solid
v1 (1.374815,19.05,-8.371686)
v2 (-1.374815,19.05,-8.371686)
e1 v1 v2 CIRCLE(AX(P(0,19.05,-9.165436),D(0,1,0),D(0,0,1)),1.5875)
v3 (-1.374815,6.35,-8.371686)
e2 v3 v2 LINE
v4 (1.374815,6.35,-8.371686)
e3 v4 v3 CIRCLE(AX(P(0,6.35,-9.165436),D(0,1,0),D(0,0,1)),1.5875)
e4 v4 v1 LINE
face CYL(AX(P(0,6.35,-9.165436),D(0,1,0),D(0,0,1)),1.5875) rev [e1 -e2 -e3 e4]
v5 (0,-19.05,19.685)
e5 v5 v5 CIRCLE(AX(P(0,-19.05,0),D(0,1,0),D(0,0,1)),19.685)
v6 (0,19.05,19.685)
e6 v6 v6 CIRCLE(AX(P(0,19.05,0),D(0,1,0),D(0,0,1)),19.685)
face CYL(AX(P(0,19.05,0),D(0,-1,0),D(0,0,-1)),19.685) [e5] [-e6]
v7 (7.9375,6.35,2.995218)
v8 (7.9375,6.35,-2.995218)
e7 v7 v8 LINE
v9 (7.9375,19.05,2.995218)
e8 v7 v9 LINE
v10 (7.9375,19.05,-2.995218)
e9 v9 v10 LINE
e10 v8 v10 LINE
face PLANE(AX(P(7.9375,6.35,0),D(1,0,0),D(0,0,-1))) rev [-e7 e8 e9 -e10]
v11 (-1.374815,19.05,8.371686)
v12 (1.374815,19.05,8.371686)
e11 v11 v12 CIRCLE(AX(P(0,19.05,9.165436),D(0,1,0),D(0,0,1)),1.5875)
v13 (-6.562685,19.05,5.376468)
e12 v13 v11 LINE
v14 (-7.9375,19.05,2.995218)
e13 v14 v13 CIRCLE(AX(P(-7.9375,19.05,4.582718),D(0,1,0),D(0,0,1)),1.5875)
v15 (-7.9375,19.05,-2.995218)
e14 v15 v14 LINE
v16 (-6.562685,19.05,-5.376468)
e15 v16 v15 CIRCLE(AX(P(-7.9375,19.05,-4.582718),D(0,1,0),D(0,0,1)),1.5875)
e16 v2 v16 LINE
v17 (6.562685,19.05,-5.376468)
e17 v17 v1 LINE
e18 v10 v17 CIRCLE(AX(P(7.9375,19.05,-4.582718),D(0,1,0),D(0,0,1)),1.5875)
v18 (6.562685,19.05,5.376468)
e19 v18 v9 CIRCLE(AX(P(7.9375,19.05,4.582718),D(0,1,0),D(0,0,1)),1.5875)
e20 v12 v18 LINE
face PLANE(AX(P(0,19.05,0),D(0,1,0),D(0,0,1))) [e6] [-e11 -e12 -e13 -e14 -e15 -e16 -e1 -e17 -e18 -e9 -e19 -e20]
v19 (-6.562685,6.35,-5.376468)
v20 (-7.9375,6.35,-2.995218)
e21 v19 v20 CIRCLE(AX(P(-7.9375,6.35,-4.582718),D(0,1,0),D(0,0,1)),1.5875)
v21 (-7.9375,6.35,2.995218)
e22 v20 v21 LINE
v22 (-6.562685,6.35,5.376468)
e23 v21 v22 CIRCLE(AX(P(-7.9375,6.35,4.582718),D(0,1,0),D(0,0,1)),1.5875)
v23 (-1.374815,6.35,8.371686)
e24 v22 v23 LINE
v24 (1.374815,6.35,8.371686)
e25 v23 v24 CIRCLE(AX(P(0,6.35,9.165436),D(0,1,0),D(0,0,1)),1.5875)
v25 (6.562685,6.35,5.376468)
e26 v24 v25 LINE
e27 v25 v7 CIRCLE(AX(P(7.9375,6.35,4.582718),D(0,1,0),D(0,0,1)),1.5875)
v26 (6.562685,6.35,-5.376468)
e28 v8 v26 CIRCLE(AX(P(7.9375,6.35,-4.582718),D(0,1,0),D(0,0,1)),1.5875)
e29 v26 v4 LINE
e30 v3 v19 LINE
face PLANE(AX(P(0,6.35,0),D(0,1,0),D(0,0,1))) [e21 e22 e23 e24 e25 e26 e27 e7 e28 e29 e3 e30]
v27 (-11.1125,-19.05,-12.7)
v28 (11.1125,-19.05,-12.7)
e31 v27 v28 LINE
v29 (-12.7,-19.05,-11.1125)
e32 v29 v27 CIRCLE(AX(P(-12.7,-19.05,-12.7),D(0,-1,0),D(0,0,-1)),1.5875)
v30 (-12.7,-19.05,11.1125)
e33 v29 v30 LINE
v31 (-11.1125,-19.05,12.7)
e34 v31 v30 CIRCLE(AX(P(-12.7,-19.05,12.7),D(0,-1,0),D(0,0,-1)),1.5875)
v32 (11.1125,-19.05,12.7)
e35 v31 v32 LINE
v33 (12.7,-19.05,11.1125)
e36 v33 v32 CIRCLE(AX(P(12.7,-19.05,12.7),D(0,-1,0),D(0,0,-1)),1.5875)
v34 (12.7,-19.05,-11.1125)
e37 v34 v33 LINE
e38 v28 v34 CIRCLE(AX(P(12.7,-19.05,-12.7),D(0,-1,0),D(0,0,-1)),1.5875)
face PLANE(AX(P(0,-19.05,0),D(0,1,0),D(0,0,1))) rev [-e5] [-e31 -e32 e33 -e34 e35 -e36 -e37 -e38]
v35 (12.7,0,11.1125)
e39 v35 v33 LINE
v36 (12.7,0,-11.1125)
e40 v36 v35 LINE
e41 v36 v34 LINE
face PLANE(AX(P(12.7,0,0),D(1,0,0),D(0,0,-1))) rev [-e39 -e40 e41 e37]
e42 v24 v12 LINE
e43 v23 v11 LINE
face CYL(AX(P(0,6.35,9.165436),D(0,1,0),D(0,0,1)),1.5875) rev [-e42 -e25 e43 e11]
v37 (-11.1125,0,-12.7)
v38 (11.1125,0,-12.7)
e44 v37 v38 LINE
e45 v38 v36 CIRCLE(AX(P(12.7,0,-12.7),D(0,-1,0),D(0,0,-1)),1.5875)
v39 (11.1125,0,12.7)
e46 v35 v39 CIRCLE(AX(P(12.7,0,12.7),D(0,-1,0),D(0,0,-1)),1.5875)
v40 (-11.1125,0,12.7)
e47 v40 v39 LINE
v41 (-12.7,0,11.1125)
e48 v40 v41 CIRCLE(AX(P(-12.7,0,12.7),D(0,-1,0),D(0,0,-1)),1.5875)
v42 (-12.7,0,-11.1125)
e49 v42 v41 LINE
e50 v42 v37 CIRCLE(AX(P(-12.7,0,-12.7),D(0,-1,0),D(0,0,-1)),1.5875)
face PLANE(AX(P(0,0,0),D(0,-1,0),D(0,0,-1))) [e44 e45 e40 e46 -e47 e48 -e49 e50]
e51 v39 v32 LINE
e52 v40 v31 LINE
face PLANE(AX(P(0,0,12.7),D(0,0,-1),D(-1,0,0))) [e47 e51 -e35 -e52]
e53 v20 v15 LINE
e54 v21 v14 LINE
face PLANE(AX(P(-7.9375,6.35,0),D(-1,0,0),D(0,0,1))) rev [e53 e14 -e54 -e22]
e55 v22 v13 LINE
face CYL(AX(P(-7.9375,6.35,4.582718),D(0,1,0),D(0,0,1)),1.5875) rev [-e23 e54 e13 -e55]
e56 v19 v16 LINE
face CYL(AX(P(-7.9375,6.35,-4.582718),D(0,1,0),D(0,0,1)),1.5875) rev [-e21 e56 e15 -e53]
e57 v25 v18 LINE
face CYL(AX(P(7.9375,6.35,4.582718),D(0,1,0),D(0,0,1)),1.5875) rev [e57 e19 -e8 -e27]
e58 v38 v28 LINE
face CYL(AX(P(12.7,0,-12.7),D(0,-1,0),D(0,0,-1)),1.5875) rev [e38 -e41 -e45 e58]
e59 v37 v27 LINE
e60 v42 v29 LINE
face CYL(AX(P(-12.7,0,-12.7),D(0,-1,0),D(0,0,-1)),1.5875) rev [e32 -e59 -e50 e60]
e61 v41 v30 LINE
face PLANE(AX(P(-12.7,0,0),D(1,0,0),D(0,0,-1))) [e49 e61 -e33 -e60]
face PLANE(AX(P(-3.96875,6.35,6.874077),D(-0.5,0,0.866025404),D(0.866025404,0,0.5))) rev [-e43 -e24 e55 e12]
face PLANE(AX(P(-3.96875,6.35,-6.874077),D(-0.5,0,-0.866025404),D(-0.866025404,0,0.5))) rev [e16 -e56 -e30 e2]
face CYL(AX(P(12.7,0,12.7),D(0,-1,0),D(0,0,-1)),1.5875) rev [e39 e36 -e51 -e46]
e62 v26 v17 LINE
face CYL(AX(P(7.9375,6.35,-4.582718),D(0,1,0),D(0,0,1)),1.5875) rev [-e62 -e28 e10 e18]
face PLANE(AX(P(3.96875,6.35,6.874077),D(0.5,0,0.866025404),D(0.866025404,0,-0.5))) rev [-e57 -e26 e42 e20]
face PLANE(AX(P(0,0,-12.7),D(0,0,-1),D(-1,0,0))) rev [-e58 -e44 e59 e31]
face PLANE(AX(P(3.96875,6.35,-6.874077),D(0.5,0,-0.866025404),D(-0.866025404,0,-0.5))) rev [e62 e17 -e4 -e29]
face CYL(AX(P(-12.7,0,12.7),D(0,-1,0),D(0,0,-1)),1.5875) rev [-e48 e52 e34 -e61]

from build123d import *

# Parameters (mm, degrees)
SKETCH3_R           = 19.685
BOSS_EXTRUDE1_DEPTH = 19.05
SKETCH4_R           = 1.5875
SKETCH4_W           = 25.4
SKETCH4_H           = 25.4
CUT_EXTRUDE1_DEPTH  = 19.05
SKETCH5_R           = 1.5875
CUT_EXTRUDE2_DEPTH  = 12.7


with BuildPart() as part:
    # Sketch3 → Boss-Extrude1 (new body, symmetric)
    with BuildSketch(Plane(origin=(0, 0, 0), x_dir=(1, 0, 0), z_dir=(0, 1, 0))):
        Circle(SKETCH3_R)
    extrude(amount=BOSS_EXTRUDE1_DEPTH, both=True)

    # Sketch4 → Cut-Extrude1 (cut)
    with BuildSketch(Plane.XZ.offset(19.05)):
        with Locations((12.7, -12.7)):
            Circle(SKETCH4_R)
        with Locations((-12.7, -12.7)):
            Circle(SKETCH4_R)
        with Locations((-12.7, 12.7)):
            Circle(SKETCH4_R)
        with Locations((12.7, 12.7)):
            Circle(SKETCH4_R)
        Rectangle(SKETCH4_W, SKETCH4_H)
    extrude(amount=-CUT_EXTRUDE1_DEPTH, mode=Mode.SUBTRACT)

    # Sketch5 → Cut-Extrude2 (cut)
    with BuildSketch(Plane(origin=(0, 19.05, 0), x_dir=(1, 0, 0), z_dir=(0, 1, 0))):
        with Locations((7.9375, 4.582717762)):
            Circle(SKETCH5_R)
        with Locations((0, 9.165435523)):
            Circle(SKETCH5_R)
        with Locations((-7.9375, 4.582717762)):
            Circle(SKETCH5_R)
        with Locations((-7.9375, -4.582717762)):
            Circle(SKETCH5_R)
        with Locations((0, -9.165435523)):
            Circle(SKETCH5_R)
        with Locations((7.9375, -4.582717762)):
            Circle(SKETCH5_R)
        Polygon((7.9375, 4.582717762), (0, 9.165435523), (-7.9375, 4.582717762), (-7.9375, -4.582717762), (0, -9.165435523), (7.9375, -4.582717762), align=None)
        with BuildLine():
            ThreePointArc((-6.35, -4.582717762), (-6.814967985, -3.460185747), (-7.9375, -2.995217762))
            Line((-7.9375, -2.995217762), (-7.9375, -4.582717762))
            Line((-7.9375, -4.582717762), (-6.562684671, -5.376467762))
            ThreePointArc((-6.562684671, -5.376467762), (-6.404092751, -4.993592996), (-6.35, -4.582717762))
        make_face()
        with BuildLine():
            Line((-7.9375, -4.582717762), (-7.9375, -2.995217762))
            ThreePointArc((-7.9375, -2.995217762), (-9.312315329, -5.376467762), (-6.562684671, -5.376467762))
            Line((-6.562684671, -5.376467762), (-7.9375, -4.582717762))
        make_face()
        with BuildLine():
            ThreePointArc((1.374815329, -8.371685523), (0, -7.577935523), (-1.374815329, -8.371685523))
            Line((-1.374815329, -8.371685523), (0, -9.165435523))
            Line((0, -9.165435523), (1.374815329, -8.371685523))
        make_face()
        with BuildLine():
            Line((0, -9.165435523), (-1.374815329, -8.371685523))
            ThreePointArc((-1.374815329, -8.371685523), (-0.410875234, -10.698842773), (1.5875, -9.165435523))
            ThreePointArc((1.5875, -9.165435523), (1.533407249, -8.754560289), (1.374815329, -8.371685523))
            Line((1.374815329, -8.371685523), (0, -9.165435523))
        make_face()
        with BuildLine():
            ThreePointArc((9.525, -4.582717762), (9.060032015, -3.460185747), (7.9375, -2.995217762))
            Line((7.9375, -2.995217762), (7.9375, -4.582717762))
            Line((7.9375, -4.582717762), (6.562684671, -5.376467762))
            ThreePointArc((6.562684671, -5.376467762), (8.348375234, -6.116125011), (9.525, -4.582717762))
        make_face()
        with BuildLine():
            Line((7.9375, -4.582717762), (7.9375, -2.995217762))
            ThreePointArc((7.9375, -2.995217762), (6.562684671, -3.788967762), (6.562684671, -5.376467762))
            Line((6.562684671, -5.376467762), (7.9375, -4.582717762))
        make_face()
        with BuildLine():
            ThreePointArc((9.525, 4.582717762), (8.348375234, 6.116125011), (6.562684671, 5.376467762))
            Line((6.562684671, 5.376467762), (7.9375, 4.582717762))
            Line((7.9375, 4.582717762), (7.9375, 2.995217762))
            ThreePointArc((7.9375, 2.995217762), (9.060032015, 3.460185747), (9.525, 4.582717762))
        make_face()
        with BuildLine():
            Line((7.9375, 4.582717762), (6.562684671, 5.376467762))
            ThreePointArc((6.562684671, 5.376467762), (6.562684671, 3.788967762), (7.9375, 2.995217762))
            Line((7.9375, 2.995217762), (7.9375, 4.582717762))
        make_face()
        with BuildLine():
            Line((1.374815329, 8.371685523), (0, 9.165435523))
            Line((0, 9.165435523), (-1.374815329, 8.371685523))
            ThreePointArc((-1.374815329, 8.371685523), (0, 7.577935523), (1.374815329, 8.371685523))
        make_face()
        with BuildLine():
            Line((-1.374815329, 8.371685523), (0, 9.165435523))
            Line((0, 9.165435523), (1.374815329, 8.371685523))
            ThreePointArc((1.374815329, 8.371685523), (1.533407249, 8.754560289), (1.5875, 9.165435523))
            ThreePointArc((1.5875, 9.165435523), (-0.410875234, 10.698842773), (-1.374815329, 8.371685523))
        make_face()
        with BuildLine():
            ThreePointArc((-6.35, 4.582717762), (-6.404092751, 4.993592996), (-6.562684671, 5.376467762))
            Line((-6.562684671, 5.376467762), (-7.9375, 4.582717762))
            Line((-7.9375, 4.582717762), (-7.9375, 2.995217762))
            ThreePointArc((-7.9375, 2.995217762), (-6.814967985, 3.460185747), (-6.35, 4.582717762))
        make_face()
        with BuildLine():
            Line((-7.9375, 4.582717762), (-6.562684671, 5.376467762))
            ThreePointArc((-6.562684671, 5.376467762), (-9.312315329, 5.376467762), (-7.9375, 2.995217762))
            Line((-7.9375, 2.995217762), (-7.9375, 4.582717762))
        make_face()
    extrude(amount=-CUT_EXTRUDE2_DEPTH, mode=Mode.SUBTRACT)


solid = part.part
